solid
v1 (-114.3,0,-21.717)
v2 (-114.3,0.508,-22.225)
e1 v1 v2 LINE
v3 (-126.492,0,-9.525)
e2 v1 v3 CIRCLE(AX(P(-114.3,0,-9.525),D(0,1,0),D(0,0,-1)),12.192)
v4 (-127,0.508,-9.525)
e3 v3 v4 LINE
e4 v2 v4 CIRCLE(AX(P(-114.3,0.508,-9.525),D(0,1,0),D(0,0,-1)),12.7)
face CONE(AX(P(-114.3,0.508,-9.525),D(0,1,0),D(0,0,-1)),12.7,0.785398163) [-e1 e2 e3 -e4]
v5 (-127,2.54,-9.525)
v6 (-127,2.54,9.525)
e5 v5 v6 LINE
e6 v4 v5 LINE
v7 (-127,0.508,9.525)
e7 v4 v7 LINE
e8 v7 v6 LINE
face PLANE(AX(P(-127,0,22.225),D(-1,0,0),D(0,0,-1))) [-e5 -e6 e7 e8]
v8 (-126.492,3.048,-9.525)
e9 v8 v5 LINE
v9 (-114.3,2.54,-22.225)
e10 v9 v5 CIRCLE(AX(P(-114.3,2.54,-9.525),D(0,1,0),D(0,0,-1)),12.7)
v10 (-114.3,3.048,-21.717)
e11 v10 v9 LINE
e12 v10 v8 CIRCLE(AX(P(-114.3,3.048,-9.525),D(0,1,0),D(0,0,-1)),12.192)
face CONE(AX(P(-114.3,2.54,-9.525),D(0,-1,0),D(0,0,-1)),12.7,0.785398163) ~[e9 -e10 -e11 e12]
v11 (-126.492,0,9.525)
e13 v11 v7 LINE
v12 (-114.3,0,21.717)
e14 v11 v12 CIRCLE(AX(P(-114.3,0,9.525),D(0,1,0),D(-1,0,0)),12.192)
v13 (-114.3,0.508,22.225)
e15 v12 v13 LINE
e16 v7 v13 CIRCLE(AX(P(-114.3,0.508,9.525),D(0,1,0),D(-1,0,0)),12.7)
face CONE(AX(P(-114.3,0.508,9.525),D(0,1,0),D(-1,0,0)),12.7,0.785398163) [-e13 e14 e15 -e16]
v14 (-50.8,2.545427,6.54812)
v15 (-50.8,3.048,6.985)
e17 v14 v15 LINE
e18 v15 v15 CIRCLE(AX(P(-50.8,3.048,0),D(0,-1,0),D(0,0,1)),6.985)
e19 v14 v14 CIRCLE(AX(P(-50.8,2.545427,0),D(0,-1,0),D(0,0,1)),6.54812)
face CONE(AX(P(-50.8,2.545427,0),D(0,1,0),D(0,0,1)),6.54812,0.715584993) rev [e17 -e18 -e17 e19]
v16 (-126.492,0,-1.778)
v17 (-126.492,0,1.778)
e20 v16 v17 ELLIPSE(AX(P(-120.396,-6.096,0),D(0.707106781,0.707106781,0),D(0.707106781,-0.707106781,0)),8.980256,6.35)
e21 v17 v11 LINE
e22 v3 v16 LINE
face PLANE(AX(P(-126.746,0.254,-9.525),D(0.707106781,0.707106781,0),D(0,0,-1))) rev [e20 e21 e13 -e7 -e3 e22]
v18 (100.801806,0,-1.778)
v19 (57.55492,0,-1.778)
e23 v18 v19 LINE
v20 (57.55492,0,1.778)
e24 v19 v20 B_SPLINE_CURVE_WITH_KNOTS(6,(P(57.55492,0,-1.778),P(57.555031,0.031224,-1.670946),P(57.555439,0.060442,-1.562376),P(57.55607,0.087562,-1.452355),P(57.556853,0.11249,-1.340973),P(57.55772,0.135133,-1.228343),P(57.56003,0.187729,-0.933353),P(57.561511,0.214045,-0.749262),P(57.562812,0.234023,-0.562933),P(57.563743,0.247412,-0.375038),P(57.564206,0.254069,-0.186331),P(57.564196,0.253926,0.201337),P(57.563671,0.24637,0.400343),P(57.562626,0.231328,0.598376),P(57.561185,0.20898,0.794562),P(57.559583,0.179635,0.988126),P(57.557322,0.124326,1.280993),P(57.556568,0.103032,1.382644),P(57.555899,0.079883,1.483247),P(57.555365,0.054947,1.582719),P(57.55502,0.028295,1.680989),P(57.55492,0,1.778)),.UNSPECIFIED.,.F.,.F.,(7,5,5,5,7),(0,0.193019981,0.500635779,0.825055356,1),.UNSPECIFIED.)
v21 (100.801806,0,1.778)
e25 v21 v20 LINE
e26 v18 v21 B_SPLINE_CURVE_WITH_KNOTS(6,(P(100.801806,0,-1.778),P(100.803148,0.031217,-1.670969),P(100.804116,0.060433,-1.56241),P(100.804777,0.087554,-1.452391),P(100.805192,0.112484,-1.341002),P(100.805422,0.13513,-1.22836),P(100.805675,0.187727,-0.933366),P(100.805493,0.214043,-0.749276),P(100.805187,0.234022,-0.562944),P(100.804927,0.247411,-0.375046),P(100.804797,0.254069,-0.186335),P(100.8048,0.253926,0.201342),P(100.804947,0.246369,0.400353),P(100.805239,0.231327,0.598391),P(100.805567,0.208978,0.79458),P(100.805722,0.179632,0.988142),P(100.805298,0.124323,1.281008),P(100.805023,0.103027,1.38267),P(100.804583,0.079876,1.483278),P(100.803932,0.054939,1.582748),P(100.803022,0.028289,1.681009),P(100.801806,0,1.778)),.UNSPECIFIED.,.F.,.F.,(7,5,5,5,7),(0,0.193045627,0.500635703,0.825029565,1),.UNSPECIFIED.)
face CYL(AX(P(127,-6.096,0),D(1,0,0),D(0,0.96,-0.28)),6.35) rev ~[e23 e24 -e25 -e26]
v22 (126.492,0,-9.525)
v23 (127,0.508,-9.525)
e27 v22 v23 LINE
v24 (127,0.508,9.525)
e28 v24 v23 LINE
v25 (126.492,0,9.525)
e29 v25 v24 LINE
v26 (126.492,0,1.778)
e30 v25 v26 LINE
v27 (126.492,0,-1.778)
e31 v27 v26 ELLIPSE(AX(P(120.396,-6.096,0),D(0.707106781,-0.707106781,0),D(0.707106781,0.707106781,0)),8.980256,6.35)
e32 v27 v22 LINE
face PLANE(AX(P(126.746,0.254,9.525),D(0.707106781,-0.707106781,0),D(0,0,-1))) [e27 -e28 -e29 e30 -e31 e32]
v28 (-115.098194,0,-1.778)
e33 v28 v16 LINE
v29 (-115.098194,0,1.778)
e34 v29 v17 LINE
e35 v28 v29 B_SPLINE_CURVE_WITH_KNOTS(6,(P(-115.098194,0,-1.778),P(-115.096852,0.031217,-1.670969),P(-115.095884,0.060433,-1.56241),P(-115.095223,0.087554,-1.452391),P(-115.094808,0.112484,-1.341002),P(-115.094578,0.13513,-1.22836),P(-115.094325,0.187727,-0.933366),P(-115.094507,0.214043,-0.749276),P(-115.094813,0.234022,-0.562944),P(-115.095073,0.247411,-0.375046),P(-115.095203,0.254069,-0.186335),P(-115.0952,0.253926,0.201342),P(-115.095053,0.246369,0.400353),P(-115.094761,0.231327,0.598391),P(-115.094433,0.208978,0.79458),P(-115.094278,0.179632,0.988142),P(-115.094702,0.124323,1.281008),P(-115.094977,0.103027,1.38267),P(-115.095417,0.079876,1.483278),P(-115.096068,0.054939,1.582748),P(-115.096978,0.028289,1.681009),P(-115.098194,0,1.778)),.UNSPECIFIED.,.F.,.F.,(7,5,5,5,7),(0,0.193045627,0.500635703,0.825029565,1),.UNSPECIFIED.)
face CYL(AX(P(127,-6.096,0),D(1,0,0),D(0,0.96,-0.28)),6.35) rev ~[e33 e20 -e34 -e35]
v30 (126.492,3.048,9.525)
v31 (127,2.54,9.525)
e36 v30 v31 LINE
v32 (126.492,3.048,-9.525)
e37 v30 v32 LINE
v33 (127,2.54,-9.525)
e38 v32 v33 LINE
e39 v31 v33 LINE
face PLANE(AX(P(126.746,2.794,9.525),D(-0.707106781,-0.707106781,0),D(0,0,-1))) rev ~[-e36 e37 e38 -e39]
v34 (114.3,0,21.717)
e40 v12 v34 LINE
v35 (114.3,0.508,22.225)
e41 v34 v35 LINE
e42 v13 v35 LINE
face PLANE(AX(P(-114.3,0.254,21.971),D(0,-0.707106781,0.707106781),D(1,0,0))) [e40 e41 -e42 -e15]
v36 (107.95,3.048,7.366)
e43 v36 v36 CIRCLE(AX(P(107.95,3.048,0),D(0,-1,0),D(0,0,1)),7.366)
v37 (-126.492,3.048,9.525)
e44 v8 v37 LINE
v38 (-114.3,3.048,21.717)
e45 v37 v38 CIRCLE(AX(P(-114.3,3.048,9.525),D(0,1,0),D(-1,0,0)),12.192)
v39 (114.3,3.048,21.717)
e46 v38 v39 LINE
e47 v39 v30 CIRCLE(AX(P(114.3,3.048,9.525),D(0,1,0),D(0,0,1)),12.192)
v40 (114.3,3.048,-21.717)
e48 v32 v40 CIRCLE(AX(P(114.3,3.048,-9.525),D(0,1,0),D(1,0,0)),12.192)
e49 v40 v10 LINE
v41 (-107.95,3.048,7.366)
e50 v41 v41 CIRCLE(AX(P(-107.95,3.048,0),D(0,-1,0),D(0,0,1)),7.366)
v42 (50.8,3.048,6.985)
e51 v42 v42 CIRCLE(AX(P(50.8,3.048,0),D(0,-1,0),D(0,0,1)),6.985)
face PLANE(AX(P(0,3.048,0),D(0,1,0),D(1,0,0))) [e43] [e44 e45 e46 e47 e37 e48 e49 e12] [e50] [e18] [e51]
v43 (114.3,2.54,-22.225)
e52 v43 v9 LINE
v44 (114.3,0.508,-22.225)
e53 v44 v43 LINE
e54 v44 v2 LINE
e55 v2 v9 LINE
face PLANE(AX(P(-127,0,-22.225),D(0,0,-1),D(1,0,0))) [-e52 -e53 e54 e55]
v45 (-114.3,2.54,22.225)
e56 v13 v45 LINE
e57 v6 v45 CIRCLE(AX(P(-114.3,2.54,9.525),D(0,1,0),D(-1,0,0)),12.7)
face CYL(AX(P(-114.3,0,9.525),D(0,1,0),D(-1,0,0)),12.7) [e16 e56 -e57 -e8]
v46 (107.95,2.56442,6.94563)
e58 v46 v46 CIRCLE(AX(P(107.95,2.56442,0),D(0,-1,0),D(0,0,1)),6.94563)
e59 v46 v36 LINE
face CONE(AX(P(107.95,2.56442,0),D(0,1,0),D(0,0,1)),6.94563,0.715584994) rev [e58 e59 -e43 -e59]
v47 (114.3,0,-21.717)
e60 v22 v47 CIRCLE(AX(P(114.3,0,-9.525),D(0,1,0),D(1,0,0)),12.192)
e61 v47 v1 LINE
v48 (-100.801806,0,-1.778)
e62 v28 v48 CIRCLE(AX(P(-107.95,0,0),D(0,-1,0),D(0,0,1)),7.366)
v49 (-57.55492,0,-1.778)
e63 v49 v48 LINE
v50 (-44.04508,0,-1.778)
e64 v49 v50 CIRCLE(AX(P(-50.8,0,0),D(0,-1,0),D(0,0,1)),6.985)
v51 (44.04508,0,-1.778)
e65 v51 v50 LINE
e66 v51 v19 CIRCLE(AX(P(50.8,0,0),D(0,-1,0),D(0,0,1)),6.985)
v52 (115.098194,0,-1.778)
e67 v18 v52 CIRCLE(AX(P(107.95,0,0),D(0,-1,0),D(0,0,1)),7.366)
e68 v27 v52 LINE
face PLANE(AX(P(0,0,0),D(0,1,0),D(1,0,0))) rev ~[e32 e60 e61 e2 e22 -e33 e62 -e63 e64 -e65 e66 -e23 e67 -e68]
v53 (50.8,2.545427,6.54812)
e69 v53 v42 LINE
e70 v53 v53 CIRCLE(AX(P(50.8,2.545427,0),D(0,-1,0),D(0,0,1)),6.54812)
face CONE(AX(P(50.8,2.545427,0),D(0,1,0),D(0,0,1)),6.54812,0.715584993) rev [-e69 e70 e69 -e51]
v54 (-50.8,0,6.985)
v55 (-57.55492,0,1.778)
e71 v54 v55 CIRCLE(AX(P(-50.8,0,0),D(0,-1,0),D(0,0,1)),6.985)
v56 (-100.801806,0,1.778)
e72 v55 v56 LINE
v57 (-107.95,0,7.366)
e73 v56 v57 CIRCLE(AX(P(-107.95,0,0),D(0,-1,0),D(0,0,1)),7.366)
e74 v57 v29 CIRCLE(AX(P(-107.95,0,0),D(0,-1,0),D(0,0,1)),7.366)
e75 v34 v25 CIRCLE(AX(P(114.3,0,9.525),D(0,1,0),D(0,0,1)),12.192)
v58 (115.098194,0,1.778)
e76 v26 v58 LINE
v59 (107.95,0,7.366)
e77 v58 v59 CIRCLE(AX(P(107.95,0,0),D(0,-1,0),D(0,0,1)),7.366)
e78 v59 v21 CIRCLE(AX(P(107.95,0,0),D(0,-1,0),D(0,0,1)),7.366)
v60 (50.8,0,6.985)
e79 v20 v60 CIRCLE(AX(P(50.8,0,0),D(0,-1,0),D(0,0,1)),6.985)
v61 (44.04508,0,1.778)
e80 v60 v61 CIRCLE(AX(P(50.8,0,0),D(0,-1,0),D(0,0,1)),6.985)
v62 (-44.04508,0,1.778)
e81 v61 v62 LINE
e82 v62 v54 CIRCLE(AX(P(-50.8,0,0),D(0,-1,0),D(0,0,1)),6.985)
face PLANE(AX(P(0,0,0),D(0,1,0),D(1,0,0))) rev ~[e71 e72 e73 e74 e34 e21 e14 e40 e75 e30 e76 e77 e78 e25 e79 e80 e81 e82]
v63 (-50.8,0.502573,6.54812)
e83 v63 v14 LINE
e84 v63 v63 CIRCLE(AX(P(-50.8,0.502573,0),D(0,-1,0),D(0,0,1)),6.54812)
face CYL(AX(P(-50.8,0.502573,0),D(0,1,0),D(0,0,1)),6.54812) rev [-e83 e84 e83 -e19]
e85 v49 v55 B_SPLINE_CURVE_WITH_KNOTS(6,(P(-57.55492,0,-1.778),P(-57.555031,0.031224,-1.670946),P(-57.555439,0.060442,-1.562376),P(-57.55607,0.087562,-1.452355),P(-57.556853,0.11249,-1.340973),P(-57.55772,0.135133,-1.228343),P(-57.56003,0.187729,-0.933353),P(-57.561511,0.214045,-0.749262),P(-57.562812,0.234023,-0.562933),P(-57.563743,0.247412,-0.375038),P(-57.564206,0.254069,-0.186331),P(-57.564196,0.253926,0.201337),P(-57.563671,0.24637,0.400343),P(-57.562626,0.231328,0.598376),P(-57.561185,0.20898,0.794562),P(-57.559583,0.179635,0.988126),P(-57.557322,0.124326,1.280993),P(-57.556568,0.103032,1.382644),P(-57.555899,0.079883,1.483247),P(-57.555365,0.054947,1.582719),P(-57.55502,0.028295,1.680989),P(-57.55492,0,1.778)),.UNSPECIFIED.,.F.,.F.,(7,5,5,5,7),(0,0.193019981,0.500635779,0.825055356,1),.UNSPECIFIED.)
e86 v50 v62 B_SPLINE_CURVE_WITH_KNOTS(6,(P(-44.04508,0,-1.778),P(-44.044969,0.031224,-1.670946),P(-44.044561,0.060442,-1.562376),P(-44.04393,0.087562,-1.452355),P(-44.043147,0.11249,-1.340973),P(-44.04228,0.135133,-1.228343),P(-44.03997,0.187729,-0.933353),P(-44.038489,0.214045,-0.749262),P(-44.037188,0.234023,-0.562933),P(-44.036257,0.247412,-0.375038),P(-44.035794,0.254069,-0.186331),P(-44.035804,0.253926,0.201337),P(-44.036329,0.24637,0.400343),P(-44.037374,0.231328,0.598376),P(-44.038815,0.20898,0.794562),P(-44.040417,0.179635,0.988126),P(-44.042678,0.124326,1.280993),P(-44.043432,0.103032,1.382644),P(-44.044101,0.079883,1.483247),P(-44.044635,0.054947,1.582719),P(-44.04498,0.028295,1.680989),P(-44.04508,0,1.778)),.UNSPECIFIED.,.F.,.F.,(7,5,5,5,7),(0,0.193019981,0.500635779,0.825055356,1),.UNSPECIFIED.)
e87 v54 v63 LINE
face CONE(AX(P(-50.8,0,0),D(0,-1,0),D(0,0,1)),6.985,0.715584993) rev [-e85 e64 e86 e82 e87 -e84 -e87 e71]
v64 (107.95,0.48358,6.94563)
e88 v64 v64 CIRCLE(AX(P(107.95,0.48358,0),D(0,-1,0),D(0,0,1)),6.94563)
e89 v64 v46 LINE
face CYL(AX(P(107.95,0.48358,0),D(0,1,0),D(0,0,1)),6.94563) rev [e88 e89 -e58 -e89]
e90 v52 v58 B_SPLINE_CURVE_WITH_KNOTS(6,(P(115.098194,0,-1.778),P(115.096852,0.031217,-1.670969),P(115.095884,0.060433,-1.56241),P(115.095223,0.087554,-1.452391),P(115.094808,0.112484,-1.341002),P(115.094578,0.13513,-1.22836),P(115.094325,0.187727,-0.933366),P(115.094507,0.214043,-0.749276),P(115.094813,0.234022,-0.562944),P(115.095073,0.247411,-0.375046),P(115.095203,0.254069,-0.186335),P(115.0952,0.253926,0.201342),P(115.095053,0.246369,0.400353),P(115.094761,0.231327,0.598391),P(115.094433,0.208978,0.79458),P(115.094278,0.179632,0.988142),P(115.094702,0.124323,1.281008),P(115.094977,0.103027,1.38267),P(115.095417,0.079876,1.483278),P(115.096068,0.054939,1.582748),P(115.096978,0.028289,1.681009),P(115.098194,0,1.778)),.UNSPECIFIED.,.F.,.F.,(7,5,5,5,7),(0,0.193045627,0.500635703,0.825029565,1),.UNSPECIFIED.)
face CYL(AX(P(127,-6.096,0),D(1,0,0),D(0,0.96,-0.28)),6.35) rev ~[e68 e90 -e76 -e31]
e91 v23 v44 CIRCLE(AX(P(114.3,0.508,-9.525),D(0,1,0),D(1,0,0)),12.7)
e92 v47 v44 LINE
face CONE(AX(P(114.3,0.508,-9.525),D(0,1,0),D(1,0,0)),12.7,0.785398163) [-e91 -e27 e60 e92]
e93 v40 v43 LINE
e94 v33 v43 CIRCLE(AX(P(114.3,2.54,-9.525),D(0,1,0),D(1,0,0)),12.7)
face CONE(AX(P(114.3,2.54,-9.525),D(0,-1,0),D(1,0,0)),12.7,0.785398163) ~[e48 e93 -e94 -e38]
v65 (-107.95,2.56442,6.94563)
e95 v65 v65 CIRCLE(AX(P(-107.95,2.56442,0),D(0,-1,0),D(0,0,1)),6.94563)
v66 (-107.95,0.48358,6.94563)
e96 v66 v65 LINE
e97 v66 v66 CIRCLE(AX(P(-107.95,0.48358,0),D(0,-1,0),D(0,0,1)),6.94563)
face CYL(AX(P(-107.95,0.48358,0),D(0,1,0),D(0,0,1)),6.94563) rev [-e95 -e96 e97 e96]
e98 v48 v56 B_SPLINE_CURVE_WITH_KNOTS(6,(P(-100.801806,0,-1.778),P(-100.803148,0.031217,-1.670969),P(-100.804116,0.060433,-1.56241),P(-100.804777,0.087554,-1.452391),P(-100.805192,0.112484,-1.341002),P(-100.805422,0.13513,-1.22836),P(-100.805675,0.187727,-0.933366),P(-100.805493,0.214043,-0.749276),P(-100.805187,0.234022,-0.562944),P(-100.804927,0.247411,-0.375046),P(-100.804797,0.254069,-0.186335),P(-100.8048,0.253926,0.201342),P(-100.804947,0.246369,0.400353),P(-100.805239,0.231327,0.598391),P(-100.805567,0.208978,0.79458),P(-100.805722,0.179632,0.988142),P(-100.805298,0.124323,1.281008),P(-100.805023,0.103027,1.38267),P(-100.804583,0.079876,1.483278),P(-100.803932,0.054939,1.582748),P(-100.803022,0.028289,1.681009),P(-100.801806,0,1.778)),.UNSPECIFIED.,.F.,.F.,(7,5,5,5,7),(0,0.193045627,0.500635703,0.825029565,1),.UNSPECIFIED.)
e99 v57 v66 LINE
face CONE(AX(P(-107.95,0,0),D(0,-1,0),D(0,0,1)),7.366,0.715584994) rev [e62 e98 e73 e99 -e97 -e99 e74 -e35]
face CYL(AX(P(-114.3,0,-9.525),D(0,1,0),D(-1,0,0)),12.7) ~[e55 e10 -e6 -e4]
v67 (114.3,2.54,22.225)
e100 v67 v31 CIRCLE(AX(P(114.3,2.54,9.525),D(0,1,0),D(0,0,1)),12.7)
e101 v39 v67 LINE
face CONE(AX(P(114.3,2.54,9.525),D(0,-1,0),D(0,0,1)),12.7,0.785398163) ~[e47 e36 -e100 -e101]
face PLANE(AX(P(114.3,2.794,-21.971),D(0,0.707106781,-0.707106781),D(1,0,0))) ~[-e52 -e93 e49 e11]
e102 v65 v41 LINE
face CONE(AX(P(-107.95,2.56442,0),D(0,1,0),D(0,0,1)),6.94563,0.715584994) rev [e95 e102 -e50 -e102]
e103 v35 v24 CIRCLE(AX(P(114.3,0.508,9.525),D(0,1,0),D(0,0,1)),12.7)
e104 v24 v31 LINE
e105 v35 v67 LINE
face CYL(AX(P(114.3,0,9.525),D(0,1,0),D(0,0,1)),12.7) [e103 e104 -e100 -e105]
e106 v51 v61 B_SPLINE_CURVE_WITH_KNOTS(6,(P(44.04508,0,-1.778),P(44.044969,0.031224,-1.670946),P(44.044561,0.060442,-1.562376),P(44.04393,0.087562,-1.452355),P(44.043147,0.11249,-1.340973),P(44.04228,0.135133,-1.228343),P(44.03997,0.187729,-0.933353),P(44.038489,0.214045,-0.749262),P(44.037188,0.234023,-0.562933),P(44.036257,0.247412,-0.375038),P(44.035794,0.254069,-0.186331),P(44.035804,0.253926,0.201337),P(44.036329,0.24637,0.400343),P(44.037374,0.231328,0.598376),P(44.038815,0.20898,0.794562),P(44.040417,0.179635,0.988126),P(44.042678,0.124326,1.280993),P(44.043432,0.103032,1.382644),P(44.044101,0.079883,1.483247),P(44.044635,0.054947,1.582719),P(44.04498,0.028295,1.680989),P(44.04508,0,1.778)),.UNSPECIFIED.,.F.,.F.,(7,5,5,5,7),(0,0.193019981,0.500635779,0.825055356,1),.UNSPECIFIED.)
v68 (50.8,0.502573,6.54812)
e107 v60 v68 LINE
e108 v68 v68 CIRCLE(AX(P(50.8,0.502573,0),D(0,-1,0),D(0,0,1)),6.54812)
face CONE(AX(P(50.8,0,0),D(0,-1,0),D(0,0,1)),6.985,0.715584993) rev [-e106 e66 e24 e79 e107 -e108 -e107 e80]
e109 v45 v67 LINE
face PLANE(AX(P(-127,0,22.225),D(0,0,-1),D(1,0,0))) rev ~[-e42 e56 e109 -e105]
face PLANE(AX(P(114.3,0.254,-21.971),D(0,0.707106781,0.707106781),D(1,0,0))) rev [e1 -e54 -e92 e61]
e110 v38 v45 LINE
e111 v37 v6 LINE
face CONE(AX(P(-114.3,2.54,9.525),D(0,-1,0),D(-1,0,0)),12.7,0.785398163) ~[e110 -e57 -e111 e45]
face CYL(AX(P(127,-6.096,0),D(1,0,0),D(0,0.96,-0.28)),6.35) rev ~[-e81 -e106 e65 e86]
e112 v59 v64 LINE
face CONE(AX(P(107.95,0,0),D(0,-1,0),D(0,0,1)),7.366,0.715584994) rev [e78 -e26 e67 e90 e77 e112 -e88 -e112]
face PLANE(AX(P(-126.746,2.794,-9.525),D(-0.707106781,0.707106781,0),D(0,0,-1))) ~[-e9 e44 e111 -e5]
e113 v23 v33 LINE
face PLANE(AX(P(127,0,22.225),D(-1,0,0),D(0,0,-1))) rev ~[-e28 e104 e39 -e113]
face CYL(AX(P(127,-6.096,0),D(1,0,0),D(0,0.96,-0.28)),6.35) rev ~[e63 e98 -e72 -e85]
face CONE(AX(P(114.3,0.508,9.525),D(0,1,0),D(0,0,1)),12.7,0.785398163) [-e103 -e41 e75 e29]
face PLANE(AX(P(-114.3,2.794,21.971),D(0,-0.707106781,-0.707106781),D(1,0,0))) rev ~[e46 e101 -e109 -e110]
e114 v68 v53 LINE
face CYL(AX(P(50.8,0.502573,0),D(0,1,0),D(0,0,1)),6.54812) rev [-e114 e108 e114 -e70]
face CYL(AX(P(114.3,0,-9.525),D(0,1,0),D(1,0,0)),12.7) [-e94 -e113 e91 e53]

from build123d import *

# Parameters (mm, degrees)
SKETCH1_W                        = 254
SKETCH1_H                        = 44.45
EXTRUDE1_DEPTH                   = 3.048
FILLET1_R                        = 12.7
CHAMFER1_SIZE                    = 0.508
EXTRUDE4_DEPTH                   = 255
F_1_2_CLEARANCE_HOLE4_AT_2_COUNT = 2
F_1_2_CLEARANCE_HOLE4_AT_2_PITCH = 101.6
F_1_2_CLEARANCE_HOLE5_AT_2_COUNT = 2
F_1_2_CLEARANCE_HOLE5_AT_2_PITCH = 215.9


with BuildPart() as part:
    # Sketch1 → Extrude1 (new body)
    with BuildSketch(Plane(origin=(0, 0, 0), x_dir=(1, 0, 0), z_dir=(0, 1, 0))):
        Rectangle(SKETCH1_W, SKETCH1_H)
    extrude(amount=EXTRUDE1_DEPTH)

    # Fillet1
    fillet1_edges = [part.edges().sort_by_distance(p)[0] for p in [
        (-127, 1.524, -22.225),
        (127, 1.524, -22.225),
        (127, 1.524, 22.225),
        (-127, 1.524, 22.225),
    ]]
    fillet(fillet1_edges, radius=FILLET1_R)

    # Chamfer1
    chamfer1_edges = [part.edges().sort_by_distance(p)[0] for p in [
        (0, 0, 22.225),
        (0, 3.048, 22.225),
        (-127, 0, 0),
        (0, 0, -22.225),
        (127, 0, 0),
        (-123.280256121, 0, -18.505256121),
        (123.280256121, 0, -18.505256121),
        (123.280256121, 0, 18.505256121),
        (-123.280256121, 0, 18.505256121),
        (-127, 3.048, 0),
        (127, 3.048, 0),
        (0, 3.048, -22.225),
        (-123.280256121, 3.048, -18.505256121),
        (123.280256121, 3.048, -18.505256121),
        (123.280256121, 3.048, 18.505256121),
        (-123.280256121, 3.048, 18.505256121),
    ]]
    chamfer(chamfer1_edges, length=CHAMFER1_SIZE)

    # Sketch9 → Extrude4 (cut, through all)
    with BuildSketch(Plane(origin=(127, 0, 0), x_dir=(0, 0, -1), z_dir=(1, 0, 0))):
        with BuildLine():
            Line((-1.778, 0), (1.778, 0))
            ThreePointArc((1.778, 0), (0, 0.254), (-1.778, 0))
        make_face()
    extrude(amount=-EXTRUDE4_DEPTH, mode=Mode.SUBTRACT)

    # Sketch10 → 1/2 Clearance Hole4 (revolve, cut)
    with BuildSketch(Plane(origin=(-50.8, 3.048, 0), x_dir=(0, 0, 1), z_dir=(1, 0, 0))):
        Polygon((0, 0), (0, 3.048), (6.985, 3.048), (6.54812, 2.54542705), (6.54812, 0.50257295), (6.985, 0), align=None)
    f_1_2_clearance_hole4 = revolve(axis=Axis((-50.8, 9.398, 0), (0, -1, 0)), mode=Mode.SUBTRACT)

    # 1/2 Clearance Hole4 at 2: 1/2 Clearance Hole4 ×2
    with Locations(*[(i * F_1_2_CLEARANCE_HOLE4_AT_2_PITCH, 0, 0) for i in range(1, F_1_2_CLEARANCE_HOLE4_AT_2_COUNT)]):
        add(f_1_2_clearance_hole4, mode=Mode.SUBTRACT)

    # Sketch12 → 1/2 Clearance Hole5 (revolve, cut)
    with BuildSketch(Plane(origin=(-107.95, 3.048, 0), x_dir=(0, 0, 1), z_dir=(1, 0, 0))):
        Polygon((0, 0), (0, 3.048), (7.366, 3.048), (6.94563, 2.564419633), (6.94563, 0.483580367), (7.366, 0), align=None)
    f_1_2_clearance_hole5 = revolve(axis=Axis((-107.95, 9.398, 0), (0, -1, 0)), mode=Mode.SUBTRACT)

    # 1/2 Clearance Hole5 at 2: 1/2 Clearance Hole5 ×2
    with Locations(*[(i * F_1_2_CLEARANCE_HOLE5_AT_2_PITCH, 0, 0) for i in range(1, F_1_2_CLEARANCE_HOLE5_AT_2_COUNT)]):
        add(f_1_2_clearance_hole5, mode=Mode.SUBTRACT)


solid = part.part
